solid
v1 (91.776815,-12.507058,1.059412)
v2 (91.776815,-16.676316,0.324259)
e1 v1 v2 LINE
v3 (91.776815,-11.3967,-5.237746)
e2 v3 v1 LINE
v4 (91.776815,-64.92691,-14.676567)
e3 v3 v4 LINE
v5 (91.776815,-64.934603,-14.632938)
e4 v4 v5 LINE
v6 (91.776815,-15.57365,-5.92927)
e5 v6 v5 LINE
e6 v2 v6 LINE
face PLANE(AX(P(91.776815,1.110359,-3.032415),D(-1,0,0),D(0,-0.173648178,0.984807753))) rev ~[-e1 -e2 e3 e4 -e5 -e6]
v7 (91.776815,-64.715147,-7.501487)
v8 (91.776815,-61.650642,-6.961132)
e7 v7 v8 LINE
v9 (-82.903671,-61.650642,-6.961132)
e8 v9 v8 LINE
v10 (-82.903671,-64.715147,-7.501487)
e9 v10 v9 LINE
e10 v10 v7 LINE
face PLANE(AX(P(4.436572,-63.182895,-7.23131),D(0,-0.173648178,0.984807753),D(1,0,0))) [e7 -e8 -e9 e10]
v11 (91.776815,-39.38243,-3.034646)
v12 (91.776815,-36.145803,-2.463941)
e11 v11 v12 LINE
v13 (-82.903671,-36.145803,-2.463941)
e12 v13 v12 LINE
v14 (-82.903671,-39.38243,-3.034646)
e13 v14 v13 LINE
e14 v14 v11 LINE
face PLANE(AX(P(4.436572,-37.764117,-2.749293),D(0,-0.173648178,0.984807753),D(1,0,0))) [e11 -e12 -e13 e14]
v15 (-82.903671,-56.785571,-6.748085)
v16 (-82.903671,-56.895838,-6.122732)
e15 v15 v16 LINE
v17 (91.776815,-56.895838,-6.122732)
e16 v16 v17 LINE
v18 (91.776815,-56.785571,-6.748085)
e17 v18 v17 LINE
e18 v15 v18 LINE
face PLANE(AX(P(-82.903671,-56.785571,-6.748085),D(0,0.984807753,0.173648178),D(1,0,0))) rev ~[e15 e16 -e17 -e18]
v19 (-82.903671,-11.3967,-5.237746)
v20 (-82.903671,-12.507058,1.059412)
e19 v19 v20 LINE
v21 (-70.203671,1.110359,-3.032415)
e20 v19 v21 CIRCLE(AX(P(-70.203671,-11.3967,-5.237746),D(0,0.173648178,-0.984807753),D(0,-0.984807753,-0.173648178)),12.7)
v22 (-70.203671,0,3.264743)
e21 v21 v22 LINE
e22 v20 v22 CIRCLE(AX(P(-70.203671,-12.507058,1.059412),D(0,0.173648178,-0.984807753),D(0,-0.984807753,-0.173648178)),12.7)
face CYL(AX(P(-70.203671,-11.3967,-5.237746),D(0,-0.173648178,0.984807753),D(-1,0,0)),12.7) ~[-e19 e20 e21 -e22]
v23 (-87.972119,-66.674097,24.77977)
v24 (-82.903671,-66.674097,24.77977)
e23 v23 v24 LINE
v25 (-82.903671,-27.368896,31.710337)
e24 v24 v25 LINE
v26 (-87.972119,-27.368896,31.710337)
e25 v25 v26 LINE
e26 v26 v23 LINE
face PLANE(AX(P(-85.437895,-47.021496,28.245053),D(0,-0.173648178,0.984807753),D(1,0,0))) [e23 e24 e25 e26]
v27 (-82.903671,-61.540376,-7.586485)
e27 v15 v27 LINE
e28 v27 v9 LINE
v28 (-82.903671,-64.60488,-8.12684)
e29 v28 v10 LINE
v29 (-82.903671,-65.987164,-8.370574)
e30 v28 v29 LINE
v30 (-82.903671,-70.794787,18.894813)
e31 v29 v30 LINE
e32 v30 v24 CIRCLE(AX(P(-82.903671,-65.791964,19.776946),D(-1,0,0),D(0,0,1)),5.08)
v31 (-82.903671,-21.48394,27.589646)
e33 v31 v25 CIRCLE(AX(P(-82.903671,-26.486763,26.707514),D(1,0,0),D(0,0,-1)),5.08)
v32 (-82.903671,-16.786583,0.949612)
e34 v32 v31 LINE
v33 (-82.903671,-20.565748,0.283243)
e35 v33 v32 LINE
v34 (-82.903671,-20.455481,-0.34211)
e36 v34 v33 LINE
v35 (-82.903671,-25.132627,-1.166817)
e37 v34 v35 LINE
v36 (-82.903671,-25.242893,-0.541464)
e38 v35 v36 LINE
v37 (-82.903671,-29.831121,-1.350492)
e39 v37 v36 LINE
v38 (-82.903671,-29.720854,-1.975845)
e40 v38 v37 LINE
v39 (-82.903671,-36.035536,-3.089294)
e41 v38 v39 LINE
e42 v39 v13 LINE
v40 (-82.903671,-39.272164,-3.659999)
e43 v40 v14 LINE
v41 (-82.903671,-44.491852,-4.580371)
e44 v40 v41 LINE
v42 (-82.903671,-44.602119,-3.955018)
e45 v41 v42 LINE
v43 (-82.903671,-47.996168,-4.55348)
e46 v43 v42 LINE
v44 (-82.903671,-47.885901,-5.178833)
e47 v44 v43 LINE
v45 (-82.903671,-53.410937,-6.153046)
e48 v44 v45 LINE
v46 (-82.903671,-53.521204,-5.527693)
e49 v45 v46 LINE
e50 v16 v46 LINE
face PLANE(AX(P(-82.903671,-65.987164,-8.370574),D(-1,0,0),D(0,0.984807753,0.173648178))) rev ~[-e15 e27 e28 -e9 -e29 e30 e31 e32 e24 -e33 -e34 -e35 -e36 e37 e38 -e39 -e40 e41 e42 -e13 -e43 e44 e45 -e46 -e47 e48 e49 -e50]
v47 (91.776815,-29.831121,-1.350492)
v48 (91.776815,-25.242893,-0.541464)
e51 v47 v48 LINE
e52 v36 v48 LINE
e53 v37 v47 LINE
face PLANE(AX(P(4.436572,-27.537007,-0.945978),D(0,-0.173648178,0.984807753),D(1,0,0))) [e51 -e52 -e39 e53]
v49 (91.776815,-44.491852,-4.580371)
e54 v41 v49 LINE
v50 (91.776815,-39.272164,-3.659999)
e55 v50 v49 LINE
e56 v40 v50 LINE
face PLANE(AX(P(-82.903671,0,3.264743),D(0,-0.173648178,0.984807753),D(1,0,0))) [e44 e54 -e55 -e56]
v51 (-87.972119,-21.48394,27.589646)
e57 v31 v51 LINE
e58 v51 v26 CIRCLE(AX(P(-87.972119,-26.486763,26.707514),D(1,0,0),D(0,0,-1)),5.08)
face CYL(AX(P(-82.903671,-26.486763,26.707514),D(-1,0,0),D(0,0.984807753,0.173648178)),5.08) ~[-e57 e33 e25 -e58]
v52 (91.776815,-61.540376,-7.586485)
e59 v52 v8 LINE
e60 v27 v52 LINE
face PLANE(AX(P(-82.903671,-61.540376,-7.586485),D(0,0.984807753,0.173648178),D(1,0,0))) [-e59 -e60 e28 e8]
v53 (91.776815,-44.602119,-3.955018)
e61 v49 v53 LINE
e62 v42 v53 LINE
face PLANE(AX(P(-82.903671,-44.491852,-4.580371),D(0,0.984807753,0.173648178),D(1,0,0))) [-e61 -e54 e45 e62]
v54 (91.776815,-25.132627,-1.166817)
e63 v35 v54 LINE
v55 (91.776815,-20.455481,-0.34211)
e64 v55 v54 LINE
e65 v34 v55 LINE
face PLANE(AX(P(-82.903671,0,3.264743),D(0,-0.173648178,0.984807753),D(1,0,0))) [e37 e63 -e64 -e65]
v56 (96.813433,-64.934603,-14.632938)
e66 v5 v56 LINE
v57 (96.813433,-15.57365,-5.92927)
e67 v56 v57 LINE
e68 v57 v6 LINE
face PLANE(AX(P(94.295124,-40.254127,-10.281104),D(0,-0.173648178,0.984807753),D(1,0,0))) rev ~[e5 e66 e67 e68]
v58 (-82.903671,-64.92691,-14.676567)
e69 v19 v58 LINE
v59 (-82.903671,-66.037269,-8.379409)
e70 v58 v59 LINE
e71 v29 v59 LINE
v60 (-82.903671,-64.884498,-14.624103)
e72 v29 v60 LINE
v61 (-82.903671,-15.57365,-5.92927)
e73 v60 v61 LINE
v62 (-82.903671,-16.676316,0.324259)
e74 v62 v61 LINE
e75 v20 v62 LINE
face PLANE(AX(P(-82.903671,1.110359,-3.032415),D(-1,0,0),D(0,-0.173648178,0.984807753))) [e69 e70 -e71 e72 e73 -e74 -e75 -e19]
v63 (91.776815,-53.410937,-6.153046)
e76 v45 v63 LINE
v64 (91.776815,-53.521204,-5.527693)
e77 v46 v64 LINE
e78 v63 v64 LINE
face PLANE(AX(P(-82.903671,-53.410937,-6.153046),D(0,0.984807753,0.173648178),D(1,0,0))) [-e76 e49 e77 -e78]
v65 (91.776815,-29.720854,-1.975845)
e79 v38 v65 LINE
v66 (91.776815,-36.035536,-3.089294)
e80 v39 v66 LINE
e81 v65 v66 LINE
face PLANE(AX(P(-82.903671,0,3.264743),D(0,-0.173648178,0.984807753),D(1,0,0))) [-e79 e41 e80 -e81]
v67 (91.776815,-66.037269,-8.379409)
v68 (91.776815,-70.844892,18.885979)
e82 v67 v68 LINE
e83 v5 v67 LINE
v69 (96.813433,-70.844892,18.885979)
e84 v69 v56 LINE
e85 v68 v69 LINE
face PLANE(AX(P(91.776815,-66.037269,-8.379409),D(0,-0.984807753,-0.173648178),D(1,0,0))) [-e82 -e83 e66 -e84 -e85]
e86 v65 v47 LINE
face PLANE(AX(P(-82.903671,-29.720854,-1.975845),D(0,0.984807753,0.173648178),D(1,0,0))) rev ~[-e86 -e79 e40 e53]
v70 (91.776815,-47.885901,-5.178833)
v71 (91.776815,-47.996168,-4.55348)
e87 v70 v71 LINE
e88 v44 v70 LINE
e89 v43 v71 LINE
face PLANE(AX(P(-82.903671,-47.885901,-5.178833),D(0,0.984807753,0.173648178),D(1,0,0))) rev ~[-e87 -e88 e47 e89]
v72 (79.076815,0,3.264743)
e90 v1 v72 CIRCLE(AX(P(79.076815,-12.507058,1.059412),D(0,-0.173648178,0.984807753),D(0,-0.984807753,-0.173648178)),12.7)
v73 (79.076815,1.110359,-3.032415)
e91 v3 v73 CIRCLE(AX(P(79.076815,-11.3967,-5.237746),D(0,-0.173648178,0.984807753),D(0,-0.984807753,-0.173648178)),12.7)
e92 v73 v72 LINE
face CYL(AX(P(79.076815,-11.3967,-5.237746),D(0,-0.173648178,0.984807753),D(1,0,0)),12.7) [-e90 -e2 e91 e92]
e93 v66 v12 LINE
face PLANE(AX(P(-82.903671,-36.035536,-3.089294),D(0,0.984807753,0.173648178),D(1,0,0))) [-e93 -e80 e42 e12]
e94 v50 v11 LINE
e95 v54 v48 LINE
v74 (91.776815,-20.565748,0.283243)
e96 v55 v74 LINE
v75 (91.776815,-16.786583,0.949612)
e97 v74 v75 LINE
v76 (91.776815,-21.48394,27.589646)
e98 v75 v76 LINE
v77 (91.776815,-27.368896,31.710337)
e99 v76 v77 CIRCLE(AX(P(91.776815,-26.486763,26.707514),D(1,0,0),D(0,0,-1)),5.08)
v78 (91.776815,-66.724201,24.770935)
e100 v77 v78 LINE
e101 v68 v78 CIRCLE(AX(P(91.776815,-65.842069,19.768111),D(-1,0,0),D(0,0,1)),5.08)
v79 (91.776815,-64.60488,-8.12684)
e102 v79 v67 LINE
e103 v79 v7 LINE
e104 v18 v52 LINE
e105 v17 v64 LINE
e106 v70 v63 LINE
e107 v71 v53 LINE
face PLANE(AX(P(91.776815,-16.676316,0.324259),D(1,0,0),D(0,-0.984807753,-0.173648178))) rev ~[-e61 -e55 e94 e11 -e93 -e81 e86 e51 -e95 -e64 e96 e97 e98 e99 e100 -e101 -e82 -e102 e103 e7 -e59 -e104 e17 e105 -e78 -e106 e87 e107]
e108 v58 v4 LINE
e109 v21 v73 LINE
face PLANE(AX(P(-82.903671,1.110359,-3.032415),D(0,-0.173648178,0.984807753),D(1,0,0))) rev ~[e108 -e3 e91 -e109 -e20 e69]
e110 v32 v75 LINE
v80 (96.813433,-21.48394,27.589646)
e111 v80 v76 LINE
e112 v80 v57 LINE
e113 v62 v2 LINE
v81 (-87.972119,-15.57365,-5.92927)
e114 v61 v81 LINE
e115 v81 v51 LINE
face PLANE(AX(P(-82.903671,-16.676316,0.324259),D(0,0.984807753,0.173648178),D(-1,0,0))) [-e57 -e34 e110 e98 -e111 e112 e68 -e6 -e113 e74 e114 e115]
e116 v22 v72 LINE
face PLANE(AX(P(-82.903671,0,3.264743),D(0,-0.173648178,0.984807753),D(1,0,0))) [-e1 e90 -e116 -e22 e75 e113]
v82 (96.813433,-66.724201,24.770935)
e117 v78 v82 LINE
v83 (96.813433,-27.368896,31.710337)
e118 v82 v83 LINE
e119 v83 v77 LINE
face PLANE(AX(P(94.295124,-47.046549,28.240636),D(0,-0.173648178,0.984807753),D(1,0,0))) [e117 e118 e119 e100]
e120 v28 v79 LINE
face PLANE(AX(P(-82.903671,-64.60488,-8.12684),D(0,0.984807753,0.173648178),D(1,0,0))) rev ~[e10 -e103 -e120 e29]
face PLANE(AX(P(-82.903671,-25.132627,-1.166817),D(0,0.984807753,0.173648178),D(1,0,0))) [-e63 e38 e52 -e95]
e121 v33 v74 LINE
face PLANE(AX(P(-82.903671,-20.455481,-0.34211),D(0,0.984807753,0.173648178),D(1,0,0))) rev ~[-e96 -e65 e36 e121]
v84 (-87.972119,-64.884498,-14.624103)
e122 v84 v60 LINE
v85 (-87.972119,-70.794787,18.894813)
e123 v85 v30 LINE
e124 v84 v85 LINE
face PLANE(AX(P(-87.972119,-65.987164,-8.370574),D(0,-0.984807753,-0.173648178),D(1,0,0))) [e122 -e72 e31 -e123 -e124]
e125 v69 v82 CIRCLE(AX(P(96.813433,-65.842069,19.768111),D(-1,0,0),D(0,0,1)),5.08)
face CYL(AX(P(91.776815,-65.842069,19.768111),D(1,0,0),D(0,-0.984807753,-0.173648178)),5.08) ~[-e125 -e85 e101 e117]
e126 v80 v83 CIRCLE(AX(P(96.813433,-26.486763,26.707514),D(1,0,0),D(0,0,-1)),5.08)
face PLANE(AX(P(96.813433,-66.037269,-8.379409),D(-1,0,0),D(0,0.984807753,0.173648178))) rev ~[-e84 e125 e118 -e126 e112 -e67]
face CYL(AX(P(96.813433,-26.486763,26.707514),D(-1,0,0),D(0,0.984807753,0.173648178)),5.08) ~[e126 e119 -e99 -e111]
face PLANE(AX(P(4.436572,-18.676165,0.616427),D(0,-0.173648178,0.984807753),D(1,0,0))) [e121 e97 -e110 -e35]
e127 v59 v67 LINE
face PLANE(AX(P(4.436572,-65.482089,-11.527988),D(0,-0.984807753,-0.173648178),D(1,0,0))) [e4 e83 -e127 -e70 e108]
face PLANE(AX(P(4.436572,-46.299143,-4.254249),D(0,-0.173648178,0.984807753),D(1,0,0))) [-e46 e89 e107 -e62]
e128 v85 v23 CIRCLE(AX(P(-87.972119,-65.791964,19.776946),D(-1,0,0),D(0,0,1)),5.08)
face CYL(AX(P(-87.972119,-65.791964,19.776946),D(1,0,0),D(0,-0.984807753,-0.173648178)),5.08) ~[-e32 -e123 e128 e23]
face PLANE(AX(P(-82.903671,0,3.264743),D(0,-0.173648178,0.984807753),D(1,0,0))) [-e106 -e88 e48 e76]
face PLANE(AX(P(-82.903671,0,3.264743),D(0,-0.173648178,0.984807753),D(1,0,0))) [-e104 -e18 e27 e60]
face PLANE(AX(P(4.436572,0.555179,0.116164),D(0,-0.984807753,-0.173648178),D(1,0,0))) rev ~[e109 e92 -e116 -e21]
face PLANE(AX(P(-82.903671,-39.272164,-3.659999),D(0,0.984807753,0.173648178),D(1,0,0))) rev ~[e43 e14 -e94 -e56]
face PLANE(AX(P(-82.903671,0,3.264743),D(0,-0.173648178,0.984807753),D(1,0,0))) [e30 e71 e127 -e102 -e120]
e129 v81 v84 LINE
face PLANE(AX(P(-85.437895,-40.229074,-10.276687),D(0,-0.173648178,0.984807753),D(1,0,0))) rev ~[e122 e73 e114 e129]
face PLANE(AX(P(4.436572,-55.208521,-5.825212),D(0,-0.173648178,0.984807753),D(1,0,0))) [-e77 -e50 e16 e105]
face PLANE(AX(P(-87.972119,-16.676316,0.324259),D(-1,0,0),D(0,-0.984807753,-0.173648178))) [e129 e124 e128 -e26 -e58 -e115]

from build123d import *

# Parameters (mm, degrees)
F0_W          = 174.6804863214
F0_H          = 6.394301774
F1_DEPTH      = 67.056
F2_R          = 12.7
F3_ANGLE      = 10
F4_W          = 174.6804863214
F4_H          = 3.8374643773
F4_H_2        = 3.2865575018
F4_H_3        = 4.6590082347
F4_H_4        = 3.4464076161
F4_H_5        = 3.4266933799
F4_H_6        = 3.1117796898
F5_DEPTH      = 0.635
F6_DEPTH      = 32.766
F6_DEPTH_BACK = 6.35
F7_R          = 5.08


with BuildPart() as f1:
    # F0 (on Front) → F1 (new body)
    with BuildSketch(Plane.XZ):
        with Locations((4.4365723152, 0.0675924821)):
            Rectangle(F0_W, F0_H)
    extrude(amount=F1_DEPTH)

    # F2
    f2_edges = [f1.edges().sort_by_distance(p)[0] for p in [
        (-82.903671, 0, 0.067592),
        (91.776815, 0, 0.067592),
    ]]
    fillet(f2_edges, radius=F2_R)


with BuildPart() as f1_1:
    # F3: moved
    add(f1.part.rotate(Axis((4.4365723152, 0, 3.2647433691), (1, 0, 0)), F3_ANGLE))

    # F4 (on face) → F5 (join)
    with BuildSketch(Plane(origin=(0, -0.5583039975, 3.1662993109), x_dir=(1, 0, 0), z_dir=(0, -0.1736481777, 0.984807753))):
        with Locations((4.4365723152, -18.2853909209)):
            Rectangle(F4_W, F4_H)
        with Locations((4.4365723152, -37.6678045125)):
            Rectangle(F4_W, F4_H_2)
        with Locations((4.4365723152, -27.2829253227)):
            Rectangle(F4_W, F4_H_3)
        with Locations((4.4365723152, -46.3344976306)):
            Rectangle(F4_W, F4_H_4)
        with Locations((4.4365723152, -55.3813166916)):
            Rectangle(F4_W, F4_H_5)
        with Locations((4.4365723152, -63.4787082672)):
            Rectangle(F4_W, F4_H_6)
    extrude(amount=F5_DEPTH)

    # F4 (on face) → F6 (join, two sides)
    with BuildSketch(Plane(origin=(0, -0.5583039975, 3.1662993109), x_dir=(1, 0, 0), z_dir=(0, -0.1736481777, 0.984807753))) as f6_sk:
        Polygon((-82.9036708456, -66.4382055402), (-82.9036708456, -65.0345981121), (-82.9036708456, -61.9228184223), (-82.9036708456, -57.0946633816), (-82.9036708456, -53.6679700017), (-82.9036708456, -48.0577014387), (-82.9036708456, -44.6112938225), (-82.9036708456, -39.3110832634), (-82.9036708456, -36.0245257616), (-82.9036708456, -29.61242944), (-82.9036708456, -24.9534212053), (-82.9036708456, -20.2041231096), (-82.9036708456, -16.3666587323), (-87.9721194506, -16.3666587323), (-87.9721194506, -66.4382055402), align=None)
        Polygon((91.7768154759, -61.9228184223), (91.7768154759, -65.0345981121), (91.7768154759, -66.4890832634), (96.8134328723, -66.4890832634), (96.8134328723, -16.3666587323), (91.7768154759, -16.3666587323), (91.7768154759, -20.2041231096), (91.7768154759, -24.9534212053), (91.7768154759, -29.61242944), (91.7768154759, -36.0245257616), (91.7768154759, -39.3110832634), (91.7768154759, -44.6112938225), (91.7768154759, -48.0577014387), (91.7768154759, -53.6679700017), (91.7768154759, -57.0946633816), align=None)
    extrude(amount=F6_DEPTH)
    extrude(f6_sk.sketch, amount=-F6_DEPTH_BACK)

    # F7
    f7_edges = [f1_1.edges().sort_by_distance(p)[0] for p in [
        (94.295124, -22.366073, 32.59247),
        (-85.437895, -22.366073, 32.59247),
        (-85.437895, -71.67692, 23.897637),
        (94.295124, -71.727025, 23.888802),
    ]]
    fillet(f7_edges, radius=F7_R)


solid = f1_1.part
